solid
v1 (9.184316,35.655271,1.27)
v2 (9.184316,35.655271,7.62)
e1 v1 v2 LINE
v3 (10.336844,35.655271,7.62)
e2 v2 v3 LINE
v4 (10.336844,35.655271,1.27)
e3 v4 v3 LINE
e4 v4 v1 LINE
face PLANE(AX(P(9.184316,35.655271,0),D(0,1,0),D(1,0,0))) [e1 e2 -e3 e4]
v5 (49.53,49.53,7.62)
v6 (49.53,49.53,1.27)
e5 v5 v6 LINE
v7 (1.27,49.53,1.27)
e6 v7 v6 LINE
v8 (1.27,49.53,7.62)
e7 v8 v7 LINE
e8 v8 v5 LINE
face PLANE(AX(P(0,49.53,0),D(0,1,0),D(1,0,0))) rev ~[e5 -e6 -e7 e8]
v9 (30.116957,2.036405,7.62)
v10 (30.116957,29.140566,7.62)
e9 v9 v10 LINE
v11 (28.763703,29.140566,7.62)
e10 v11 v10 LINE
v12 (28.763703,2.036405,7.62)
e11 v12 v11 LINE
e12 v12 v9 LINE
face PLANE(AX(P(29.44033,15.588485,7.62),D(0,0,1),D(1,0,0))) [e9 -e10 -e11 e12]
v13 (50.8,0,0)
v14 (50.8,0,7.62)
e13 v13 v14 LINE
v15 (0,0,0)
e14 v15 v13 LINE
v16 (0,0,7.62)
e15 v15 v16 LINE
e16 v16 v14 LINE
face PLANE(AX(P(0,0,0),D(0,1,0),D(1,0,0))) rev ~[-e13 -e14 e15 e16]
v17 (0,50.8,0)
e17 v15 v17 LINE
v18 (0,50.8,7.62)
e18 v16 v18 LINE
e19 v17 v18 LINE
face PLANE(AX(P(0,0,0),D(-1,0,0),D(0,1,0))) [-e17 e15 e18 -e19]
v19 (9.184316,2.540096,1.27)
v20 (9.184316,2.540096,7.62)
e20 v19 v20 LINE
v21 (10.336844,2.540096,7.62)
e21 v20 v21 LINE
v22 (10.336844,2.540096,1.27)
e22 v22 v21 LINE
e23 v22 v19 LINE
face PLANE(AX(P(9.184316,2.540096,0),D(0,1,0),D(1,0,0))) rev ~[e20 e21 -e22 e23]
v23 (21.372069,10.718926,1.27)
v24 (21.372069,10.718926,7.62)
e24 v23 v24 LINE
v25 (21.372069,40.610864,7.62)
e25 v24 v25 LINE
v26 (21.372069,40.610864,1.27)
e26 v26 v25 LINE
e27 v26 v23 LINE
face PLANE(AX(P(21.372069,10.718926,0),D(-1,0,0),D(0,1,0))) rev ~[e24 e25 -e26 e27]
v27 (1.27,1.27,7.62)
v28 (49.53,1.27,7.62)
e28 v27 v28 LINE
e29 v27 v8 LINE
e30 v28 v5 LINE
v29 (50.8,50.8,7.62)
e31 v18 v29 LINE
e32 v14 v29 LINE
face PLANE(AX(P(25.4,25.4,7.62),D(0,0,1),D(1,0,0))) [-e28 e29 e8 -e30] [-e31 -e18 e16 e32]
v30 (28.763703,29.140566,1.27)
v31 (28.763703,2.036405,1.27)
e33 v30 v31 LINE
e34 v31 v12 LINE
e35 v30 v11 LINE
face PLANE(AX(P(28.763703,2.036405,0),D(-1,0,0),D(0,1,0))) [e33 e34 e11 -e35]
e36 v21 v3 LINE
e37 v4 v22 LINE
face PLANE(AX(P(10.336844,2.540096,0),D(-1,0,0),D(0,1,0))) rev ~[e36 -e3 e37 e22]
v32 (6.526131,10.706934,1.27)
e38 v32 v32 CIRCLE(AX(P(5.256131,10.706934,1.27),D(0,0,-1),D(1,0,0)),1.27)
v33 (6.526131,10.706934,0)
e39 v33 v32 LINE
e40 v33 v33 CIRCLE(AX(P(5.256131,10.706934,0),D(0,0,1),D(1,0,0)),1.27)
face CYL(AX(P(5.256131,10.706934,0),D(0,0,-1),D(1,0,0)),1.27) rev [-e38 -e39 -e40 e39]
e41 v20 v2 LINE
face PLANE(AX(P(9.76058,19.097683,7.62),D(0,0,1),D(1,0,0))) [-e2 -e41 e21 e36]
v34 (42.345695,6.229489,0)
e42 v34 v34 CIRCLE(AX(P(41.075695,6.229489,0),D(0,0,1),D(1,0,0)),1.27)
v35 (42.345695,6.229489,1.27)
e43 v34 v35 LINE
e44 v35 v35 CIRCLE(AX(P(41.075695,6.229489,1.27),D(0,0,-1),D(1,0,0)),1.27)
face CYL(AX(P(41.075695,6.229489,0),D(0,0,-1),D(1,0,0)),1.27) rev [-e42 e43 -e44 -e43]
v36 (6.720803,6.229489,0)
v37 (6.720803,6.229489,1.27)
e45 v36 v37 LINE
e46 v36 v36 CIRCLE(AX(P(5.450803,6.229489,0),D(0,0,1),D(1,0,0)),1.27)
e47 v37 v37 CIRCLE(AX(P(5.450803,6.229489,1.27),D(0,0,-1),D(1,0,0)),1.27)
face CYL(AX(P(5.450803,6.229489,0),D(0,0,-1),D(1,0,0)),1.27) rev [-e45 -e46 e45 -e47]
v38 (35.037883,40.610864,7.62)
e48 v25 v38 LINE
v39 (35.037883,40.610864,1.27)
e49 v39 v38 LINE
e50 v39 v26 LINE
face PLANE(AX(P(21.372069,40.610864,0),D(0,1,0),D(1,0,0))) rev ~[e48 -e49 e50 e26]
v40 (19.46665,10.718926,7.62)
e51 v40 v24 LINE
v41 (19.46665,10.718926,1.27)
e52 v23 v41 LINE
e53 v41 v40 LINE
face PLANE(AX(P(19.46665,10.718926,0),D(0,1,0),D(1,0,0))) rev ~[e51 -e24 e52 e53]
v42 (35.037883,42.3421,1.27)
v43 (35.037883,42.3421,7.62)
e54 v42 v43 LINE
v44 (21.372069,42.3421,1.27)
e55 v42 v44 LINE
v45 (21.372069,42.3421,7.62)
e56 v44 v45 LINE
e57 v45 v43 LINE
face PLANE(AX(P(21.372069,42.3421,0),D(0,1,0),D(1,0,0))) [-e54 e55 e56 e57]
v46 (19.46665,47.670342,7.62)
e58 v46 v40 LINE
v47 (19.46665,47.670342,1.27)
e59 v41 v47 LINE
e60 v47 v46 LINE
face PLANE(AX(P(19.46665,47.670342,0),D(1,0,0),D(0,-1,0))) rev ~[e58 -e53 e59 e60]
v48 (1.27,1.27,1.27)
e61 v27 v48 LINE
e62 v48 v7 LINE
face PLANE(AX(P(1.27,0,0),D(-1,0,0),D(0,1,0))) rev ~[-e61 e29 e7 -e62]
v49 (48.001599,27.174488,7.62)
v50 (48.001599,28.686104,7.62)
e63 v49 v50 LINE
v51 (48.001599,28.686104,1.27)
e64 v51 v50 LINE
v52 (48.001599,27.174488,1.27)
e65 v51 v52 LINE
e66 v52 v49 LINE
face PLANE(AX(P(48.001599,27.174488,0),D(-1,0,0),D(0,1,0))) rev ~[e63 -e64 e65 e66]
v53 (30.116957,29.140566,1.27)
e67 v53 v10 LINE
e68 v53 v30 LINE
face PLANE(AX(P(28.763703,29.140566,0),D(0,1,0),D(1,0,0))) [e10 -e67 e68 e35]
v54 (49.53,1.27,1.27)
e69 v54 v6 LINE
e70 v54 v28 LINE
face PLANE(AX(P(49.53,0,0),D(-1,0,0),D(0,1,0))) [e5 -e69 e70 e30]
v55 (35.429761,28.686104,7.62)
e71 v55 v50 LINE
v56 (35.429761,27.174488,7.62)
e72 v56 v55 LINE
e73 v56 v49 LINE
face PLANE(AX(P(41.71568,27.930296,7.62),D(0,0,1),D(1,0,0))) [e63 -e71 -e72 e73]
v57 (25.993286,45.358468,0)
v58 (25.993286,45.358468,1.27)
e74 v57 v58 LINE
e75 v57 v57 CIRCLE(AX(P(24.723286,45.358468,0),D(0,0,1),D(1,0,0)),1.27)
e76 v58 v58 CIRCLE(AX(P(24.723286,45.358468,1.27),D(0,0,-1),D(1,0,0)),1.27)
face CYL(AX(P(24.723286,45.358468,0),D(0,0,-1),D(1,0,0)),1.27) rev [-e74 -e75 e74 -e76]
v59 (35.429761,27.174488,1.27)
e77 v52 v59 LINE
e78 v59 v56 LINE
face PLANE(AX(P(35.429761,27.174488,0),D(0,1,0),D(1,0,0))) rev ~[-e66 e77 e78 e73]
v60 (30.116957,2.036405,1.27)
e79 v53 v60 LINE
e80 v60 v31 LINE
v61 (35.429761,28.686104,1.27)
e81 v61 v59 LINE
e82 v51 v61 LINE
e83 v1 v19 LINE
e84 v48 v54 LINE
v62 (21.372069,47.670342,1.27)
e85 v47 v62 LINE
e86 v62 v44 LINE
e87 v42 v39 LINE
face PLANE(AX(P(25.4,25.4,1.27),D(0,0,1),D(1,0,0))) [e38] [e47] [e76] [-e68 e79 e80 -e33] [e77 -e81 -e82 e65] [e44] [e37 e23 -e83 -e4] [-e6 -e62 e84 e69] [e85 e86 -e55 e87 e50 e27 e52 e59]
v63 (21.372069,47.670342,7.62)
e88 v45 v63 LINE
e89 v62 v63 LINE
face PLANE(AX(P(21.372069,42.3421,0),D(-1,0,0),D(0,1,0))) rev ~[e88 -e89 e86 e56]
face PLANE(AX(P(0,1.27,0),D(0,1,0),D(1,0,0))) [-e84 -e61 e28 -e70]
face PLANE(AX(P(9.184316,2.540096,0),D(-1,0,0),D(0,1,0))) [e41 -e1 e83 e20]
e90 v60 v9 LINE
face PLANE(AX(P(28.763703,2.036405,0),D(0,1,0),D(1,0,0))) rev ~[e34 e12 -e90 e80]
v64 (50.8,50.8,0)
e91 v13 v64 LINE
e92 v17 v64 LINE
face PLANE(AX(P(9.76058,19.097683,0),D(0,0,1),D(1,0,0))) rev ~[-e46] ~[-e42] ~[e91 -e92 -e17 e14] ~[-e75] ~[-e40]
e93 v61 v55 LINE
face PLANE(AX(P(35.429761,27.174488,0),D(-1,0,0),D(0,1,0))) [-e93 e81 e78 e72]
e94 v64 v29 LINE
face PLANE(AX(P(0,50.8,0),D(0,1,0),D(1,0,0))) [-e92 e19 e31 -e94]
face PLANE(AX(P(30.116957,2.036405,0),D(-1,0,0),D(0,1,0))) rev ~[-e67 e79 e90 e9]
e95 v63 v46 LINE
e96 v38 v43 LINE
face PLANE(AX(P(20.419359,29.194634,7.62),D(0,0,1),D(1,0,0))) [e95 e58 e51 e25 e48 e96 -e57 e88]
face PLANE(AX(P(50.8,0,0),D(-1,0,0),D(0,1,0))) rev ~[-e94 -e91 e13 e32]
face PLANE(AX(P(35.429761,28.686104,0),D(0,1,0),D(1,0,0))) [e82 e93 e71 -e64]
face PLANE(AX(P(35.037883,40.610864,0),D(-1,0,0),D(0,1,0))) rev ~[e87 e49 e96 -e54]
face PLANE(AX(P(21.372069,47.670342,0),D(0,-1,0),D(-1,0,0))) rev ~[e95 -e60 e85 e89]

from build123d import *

# Parameters (mm, degrees)
F0_W     = 50.8
F0_H     = 50.8
F1_DEPTH = 7.62
F2_T     = -1.27
F3_W     = 1.152528
F3_H     = 33.115175
F3_W_2   = 13.665814
F3_H_2   = 1.731235
F3_W_3   = 1.353253
F3_H_3   = 27.104161
F3_W_4   = 12.571838
F3_H_4   = 1.511616
F4_DEPTH = 7.62
F5_R     = 1.27
F6_DEPTH = 7.621


with BuildPart() as f1:
    # F0 (on Top) → F1 (new body)
    with BuildSketch(Plane.XY):
        with Locations((25.4, 25.4)):
            Rectangle(F0_W, F0_H)
    extrude(amount=F1_DEPTH)

    # F2
    f2_openings = [f1.faces().sort_by_distance(p)[0] for p in [
        (25.4, 25.4, 7.62),
    ]]
    offset(amount=F2_T, openings=f2_openings)

    # F3 (on Top) → F4 (join)
    with BuildSketch(Plane.XY):
        with Locations((9.76058, 19.097683)):
            Rectangle(F3_W, F3_H)
        Polygon((21.372069, 42.3421), (21.372069, 47.670342), (19.46665, 47.670342), (19.46665, 10.718926), (21.372069, 10.718926), (21.372069, 40.610865), align=None)
        with Locations((28.204976, 41.476482)):
            Rectangle(F3_W_2, F3_H_2)
        with Locations((29.44033, 15.588485)):
            Rectangle(F3_W_3, F3_H_3)
        with Locations((41.71568, 27.930296)):
            Rectangle(F3_W_4, F3_H_4)
    extrude(amount=F4_DEPTH)

    # F5 (on Top) → F6 (cut, through all)
    with BuildSketch(Plane.XY):
        with Locations((5.450803, 6.229489)):
            Circle(F5_R)
        with Locations((5.256131, 10.706934)):
            Circle(F5_R)
        with Locations((41.075695, 6.229489)):
            Circle(F5_R)
        with Locations((24.723286, 45.358468)):
            Circle(F5_R)
    extrude(amount=F6_DEPTH, mode=Mode.SUBTRACT)


solid = f1.part
